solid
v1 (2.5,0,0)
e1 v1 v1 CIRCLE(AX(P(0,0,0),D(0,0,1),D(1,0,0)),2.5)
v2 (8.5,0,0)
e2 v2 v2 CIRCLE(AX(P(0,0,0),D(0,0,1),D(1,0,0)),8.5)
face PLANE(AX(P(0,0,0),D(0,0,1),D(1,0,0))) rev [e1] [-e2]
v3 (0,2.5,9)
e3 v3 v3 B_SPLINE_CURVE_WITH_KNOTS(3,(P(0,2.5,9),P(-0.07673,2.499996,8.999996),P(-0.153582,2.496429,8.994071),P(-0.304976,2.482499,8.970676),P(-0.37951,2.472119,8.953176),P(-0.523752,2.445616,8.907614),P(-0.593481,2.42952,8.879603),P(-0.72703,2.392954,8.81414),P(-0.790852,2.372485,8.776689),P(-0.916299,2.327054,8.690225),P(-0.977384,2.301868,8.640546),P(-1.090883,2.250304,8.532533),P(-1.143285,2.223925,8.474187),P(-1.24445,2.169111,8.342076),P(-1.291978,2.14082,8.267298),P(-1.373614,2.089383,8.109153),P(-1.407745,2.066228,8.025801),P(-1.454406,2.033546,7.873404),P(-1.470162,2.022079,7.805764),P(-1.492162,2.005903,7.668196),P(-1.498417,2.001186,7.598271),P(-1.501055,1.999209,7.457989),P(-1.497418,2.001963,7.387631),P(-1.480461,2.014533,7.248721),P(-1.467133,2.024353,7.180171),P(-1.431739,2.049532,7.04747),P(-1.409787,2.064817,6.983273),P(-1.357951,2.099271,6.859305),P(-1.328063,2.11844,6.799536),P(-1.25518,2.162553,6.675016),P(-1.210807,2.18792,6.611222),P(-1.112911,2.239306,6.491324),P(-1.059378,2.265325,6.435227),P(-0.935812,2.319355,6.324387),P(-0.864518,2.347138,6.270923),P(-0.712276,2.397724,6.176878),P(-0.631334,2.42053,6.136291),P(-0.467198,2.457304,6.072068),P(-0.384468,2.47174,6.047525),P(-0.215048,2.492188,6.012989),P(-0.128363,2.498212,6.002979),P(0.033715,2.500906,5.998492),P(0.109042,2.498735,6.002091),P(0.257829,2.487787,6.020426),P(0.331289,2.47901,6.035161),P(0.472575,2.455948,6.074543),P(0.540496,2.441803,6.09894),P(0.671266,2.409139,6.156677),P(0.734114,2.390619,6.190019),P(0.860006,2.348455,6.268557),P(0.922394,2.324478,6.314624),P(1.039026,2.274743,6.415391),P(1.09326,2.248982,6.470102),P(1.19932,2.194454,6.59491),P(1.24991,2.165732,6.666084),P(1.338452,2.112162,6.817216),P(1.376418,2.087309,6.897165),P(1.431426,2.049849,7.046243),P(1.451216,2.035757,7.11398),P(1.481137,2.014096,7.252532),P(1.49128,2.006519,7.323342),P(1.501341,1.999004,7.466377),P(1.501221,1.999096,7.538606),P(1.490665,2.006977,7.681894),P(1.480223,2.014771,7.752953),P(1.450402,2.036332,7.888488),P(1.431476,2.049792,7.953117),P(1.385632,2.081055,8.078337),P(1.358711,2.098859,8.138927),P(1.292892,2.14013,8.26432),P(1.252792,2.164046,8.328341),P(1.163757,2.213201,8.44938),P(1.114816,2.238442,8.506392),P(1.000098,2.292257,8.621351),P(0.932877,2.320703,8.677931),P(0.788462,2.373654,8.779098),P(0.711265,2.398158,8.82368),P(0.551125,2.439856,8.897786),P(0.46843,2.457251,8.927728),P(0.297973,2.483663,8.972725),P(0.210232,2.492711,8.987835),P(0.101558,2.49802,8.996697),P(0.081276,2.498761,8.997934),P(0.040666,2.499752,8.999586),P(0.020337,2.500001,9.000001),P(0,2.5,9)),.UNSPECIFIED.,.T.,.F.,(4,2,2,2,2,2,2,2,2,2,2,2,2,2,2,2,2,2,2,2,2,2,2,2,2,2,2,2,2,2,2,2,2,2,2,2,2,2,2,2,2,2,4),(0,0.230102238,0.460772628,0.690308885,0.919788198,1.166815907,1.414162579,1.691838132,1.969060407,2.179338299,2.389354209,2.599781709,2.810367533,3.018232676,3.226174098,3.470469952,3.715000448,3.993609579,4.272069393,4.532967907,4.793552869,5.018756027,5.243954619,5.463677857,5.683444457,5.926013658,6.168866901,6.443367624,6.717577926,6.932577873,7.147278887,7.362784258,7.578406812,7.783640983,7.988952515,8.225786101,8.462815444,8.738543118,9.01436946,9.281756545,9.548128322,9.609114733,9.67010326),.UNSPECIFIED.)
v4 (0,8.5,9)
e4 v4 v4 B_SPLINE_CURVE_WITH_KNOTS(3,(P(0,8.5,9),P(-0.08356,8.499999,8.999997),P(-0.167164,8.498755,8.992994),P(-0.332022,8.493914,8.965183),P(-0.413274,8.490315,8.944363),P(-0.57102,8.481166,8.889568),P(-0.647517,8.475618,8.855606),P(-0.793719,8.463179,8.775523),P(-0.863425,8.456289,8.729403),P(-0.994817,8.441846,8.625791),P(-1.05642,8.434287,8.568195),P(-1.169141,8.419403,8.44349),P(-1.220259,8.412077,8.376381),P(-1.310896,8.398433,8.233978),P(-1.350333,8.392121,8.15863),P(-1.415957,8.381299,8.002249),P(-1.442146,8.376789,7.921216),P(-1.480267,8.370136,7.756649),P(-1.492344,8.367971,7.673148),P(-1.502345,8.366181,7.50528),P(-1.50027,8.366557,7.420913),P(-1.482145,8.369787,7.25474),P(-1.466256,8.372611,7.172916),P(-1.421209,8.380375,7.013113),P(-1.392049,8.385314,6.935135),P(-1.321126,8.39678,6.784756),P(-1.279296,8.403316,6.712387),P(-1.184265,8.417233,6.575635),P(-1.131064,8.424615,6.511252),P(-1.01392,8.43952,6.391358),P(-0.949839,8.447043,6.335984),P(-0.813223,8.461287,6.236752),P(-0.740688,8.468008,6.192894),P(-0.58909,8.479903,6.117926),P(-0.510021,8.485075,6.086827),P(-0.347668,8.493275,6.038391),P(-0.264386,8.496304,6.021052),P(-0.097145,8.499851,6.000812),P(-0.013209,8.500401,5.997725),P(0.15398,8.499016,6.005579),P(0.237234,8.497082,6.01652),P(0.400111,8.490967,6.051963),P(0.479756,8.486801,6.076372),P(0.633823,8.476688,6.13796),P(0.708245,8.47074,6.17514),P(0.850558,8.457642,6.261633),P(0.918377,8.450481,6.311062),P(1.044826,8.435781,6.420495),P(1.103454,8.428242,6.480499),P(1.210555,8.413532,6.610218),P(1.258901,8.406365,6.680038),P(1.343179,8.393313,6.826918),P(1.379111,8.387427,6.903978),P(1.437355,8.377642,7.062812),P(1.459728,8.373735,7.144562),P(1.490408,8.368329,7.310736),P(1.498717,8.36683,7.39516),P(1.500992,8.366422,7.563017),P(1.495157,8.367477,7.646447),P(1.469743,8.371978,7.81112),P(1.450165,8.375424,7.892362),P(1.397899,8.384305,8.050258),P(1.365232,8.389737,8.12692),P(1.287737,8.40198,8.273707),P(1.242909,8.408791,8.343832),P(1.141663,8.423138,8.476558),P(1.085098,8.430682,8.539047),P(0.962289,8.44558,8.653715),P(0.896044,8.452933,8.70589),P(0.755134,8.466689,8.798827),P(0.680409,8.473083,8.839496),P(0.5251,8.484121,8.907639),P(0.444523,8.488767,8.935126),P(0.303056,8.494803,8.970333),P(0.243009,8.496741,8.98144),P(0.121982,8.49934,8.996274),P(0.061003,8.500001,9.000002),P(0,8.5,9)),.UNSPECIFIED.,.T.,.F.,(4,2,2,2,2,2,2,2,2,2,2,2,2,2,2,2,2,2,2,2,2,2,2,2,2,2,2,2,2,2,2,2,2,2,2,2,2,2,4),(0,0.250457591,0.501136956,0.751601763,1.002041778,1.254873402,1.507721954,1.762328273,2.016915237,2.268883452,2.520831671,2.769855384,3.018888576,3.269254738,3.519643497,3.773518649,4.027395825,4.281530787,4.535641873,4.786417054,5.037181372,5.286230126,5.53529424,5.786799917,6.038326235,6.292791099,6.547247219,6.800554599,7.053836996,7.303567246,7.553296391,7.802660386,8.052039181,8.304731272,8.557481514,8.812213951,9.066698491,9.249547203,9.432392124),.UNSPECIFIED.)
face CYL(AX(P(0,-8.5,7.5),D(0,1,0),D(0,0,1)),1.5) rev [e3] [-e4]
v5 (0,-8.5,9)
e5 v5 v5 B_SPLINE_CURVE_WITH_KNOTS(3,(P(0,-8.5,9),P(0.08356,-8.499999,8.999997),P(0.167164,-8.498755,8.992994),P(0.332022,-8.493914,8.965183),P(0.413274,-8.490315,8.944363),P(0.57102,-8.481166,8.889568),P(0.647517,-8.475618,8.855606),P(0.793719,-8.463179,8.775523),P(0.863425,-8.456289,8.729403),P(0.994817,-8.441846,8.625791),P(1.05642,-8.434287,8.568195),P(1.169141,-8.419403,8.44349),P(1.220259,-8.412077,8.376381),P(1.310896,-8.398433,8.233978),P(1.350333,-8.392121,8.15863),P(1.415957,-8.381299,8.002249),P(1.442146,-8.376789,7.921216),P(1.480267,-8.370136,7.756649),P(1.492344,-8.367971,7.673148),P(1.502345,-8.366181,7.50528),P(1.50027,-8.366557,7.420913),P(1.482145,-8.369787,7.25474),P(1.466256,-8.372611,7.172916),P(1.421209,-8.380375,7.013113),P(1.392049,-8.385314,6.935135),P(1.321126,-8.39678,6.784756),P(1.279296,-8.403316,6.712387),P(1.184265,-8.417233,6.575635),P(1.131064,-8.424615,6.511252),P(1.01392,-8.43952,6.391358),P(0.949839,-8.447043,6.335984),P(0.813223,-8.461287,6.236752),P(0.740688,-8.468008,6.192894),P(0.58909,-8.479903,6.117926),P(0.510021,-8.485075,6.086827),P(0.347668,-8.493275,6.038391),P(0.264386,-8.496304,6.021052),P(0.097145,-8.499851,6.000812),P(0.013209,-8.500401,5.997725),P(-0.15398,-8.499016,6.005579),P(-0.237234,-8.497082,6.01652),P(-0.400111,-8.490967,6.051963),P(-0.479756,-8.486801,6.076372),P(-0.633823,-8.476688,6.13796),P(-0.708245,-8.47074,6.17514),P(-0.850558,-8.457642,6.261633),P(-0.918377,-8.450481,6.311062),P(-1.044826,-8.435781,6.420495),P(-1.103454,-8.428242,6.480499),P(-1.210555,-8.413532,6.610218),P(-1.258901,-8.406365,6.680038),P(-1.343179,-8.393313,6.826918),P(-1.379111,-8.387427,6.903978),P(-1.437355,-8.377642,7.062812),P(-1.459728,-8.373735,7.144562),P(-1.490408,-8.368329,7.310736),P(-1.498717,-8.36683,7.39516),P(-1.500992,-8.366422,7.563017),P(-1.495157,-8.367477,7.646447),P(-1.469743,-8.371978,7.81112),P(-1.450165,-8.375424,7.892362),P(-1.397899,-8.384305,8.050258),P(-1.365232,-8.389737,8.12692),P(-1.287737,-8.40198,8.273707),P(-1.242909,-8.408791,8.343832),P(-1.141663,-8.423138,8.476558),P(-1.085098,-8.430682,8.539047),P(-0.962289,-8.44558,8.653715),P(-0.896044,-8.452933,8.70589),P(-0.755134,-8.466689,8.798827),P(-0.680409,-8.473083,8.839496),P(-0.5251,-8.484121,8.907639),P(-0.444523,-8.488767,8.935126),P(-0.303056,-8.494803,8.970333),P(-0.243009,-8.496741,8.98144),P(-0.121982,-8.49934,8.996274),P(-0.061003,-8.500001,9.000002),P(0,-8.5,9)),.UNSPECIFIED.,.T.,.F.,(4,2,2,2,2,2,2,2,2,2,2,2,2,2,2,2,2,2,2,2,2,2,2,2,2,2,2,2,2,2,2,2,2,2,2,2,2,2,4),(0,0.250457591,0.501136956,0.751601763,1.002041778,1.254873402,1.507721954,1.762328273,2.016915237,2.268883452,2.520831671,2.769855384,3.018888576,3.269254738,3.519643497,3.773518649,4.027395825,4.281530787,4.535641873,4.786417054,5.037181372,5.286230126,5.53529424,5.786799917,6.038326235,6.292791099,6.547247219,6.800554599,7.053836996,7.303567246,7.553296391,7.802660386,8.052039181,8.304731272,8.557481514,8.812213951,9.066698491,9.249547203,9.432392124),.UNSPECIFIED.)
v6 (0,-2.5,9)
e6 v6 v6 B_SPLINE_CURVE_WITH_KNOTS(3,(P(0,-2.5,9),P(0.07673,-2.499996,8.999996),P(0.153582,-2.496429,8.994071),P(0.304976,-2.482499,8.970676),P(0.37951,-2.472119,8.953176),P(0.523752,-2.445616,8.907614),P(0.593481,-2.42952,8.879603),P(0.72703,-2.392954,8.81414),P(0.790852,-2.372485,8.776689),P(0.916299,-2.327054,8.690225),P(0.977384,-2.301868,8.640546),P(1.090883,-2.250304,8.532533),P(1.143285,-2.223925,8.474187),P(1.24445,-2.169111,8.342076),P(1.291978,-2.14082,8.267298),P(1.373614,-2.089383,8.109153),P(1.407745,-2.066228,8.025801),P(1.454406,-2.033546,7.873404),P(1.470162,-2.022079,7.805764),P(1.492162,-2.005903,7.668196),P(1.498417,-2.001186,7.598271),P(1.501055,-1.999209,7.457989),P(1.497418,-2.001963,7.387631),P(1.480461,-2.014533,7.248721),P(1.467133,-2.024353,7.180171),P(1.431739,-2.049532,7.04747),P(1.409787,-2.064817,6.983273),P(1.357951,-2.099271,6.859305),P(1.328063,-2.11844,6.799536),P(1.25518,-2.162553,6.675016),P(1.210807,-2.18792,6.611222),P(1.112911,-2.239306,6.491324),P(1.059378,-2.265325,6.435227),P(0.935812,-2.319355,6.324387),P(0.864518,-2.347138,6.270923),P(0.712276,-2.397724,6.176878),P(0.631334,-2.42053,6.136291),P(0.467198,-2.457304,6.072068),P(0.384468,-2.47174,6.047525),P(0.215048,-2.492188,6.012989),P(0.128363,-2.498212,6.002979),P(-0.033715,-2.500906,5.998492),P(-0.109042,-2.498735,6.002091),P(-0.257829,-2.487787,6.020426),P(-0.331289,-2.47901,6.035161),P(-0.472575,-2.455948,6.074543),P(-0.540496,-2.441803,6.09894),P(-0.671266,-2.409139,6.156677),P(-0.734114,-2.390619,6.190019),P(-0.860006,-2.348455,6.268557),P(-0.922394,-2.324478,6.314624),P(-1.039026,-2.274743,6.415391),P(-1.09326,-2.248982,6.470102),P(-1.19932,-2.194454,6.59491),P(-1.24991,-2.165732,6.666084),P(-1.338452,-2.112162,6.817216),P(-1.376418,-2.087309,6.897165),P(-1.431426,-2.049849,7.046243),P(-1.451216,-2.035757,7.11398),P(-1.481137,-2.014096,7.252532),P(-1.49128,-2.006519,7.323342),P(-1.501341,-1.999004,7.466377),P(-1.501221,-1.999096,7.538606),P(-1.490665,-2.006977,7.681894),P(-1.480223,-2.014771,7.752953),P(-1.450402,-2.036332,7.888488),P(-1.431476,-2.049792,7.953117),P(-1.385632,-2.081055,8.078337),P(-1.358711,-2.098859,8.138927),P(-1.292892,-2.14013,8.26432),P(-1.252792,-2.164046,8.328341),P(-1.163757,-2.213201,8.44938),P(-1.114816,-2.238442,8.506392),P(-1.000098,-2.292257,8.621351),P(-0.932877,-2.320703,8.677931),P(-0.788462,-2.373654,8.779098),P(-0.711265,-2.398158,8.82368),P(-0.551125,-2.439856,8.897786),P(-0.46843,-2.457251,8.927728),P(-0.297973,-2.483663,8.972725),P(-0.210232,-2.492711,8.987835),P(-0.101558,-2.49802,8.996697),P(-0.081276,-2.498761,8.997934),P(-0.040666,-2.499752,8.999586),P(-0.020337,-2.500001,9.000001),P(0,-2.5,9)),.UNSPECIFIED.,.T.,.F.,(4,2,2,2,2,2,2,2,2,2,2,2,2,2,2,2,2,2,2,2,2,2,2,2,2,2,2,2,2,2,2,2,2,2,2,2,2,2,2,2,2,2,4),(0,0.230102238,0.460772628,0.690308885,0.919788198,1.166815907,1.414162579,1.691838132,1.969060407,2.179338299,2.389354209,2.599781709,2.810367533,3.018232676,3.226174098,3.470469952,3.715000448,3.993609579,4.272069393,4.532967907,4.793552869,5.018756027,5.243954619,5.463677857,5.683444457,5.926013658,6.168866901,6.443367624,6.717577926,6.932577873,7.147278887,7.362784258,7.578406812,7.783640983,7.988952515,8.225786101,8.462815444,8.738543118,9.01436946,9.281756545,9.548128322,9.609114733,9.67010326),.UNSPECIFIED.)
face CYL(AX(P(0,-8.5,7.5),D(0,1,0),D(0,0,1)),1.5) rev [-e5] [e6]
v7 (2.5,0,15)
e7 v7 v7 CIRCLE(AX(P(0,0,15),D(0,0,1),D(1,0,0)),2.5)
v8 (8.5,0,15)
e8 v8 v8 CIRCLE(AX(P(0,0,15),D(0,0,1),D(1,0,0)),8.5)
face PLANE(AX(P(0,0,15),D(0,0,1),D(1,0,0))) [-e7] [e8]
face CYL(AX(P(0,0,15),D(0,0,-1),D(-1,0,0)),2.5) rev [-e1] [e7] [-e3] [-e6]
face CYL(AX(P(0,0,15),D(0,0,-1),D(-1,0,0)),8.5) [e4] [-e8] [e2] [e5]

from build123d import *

# Parameters (mm, degrees)
CROQUIS1_R                 = 8.5
CROQUIS1_R_2               = 2.5
SALIENTE_EXTRUIR1_DEPTH    = 15
CROQUIS2_R                 = 1.5
CORTAR_EXTRUIR1_DEPTH      = 9.5
CORTAR_EXTRUIR1_DEPTH_BACK = 9.5


with BuildPart() as part:
    # Croquis1 → Saliente-Extruir1 (new body)
    with BuildSketch(Plane.XY):
        Circle(CROQUIS1_R)
        Circle(CROQUIS1_R_2, mode=Mode.SUBTRACT)
    extrude(amount=SALIENTE_EXTRUIR1_DEPTH)

    # Croquis2 → Cortar-Extruir1 (cut, two sides)
    with BuildSketch(Plane(origin=(0, 0, 0), x_dir=(1, 0, 0), z_dir=(0, 1, 0))) as cortar_extruir1_sk:
        with Locations((0, -7.5)):
            Circle(CROQUIS2_R)
    extrude(amount=CORTAR_EXTRUIR1_DEPTH, mode=Mode.SUBTRACT)
    extrude(cortar_extruir1_sk.sketch, amount=-CORTAR_EXTRUIR1_DEPTH_BACK, mode=Mode.SUBTRACT)


solid = part.part
